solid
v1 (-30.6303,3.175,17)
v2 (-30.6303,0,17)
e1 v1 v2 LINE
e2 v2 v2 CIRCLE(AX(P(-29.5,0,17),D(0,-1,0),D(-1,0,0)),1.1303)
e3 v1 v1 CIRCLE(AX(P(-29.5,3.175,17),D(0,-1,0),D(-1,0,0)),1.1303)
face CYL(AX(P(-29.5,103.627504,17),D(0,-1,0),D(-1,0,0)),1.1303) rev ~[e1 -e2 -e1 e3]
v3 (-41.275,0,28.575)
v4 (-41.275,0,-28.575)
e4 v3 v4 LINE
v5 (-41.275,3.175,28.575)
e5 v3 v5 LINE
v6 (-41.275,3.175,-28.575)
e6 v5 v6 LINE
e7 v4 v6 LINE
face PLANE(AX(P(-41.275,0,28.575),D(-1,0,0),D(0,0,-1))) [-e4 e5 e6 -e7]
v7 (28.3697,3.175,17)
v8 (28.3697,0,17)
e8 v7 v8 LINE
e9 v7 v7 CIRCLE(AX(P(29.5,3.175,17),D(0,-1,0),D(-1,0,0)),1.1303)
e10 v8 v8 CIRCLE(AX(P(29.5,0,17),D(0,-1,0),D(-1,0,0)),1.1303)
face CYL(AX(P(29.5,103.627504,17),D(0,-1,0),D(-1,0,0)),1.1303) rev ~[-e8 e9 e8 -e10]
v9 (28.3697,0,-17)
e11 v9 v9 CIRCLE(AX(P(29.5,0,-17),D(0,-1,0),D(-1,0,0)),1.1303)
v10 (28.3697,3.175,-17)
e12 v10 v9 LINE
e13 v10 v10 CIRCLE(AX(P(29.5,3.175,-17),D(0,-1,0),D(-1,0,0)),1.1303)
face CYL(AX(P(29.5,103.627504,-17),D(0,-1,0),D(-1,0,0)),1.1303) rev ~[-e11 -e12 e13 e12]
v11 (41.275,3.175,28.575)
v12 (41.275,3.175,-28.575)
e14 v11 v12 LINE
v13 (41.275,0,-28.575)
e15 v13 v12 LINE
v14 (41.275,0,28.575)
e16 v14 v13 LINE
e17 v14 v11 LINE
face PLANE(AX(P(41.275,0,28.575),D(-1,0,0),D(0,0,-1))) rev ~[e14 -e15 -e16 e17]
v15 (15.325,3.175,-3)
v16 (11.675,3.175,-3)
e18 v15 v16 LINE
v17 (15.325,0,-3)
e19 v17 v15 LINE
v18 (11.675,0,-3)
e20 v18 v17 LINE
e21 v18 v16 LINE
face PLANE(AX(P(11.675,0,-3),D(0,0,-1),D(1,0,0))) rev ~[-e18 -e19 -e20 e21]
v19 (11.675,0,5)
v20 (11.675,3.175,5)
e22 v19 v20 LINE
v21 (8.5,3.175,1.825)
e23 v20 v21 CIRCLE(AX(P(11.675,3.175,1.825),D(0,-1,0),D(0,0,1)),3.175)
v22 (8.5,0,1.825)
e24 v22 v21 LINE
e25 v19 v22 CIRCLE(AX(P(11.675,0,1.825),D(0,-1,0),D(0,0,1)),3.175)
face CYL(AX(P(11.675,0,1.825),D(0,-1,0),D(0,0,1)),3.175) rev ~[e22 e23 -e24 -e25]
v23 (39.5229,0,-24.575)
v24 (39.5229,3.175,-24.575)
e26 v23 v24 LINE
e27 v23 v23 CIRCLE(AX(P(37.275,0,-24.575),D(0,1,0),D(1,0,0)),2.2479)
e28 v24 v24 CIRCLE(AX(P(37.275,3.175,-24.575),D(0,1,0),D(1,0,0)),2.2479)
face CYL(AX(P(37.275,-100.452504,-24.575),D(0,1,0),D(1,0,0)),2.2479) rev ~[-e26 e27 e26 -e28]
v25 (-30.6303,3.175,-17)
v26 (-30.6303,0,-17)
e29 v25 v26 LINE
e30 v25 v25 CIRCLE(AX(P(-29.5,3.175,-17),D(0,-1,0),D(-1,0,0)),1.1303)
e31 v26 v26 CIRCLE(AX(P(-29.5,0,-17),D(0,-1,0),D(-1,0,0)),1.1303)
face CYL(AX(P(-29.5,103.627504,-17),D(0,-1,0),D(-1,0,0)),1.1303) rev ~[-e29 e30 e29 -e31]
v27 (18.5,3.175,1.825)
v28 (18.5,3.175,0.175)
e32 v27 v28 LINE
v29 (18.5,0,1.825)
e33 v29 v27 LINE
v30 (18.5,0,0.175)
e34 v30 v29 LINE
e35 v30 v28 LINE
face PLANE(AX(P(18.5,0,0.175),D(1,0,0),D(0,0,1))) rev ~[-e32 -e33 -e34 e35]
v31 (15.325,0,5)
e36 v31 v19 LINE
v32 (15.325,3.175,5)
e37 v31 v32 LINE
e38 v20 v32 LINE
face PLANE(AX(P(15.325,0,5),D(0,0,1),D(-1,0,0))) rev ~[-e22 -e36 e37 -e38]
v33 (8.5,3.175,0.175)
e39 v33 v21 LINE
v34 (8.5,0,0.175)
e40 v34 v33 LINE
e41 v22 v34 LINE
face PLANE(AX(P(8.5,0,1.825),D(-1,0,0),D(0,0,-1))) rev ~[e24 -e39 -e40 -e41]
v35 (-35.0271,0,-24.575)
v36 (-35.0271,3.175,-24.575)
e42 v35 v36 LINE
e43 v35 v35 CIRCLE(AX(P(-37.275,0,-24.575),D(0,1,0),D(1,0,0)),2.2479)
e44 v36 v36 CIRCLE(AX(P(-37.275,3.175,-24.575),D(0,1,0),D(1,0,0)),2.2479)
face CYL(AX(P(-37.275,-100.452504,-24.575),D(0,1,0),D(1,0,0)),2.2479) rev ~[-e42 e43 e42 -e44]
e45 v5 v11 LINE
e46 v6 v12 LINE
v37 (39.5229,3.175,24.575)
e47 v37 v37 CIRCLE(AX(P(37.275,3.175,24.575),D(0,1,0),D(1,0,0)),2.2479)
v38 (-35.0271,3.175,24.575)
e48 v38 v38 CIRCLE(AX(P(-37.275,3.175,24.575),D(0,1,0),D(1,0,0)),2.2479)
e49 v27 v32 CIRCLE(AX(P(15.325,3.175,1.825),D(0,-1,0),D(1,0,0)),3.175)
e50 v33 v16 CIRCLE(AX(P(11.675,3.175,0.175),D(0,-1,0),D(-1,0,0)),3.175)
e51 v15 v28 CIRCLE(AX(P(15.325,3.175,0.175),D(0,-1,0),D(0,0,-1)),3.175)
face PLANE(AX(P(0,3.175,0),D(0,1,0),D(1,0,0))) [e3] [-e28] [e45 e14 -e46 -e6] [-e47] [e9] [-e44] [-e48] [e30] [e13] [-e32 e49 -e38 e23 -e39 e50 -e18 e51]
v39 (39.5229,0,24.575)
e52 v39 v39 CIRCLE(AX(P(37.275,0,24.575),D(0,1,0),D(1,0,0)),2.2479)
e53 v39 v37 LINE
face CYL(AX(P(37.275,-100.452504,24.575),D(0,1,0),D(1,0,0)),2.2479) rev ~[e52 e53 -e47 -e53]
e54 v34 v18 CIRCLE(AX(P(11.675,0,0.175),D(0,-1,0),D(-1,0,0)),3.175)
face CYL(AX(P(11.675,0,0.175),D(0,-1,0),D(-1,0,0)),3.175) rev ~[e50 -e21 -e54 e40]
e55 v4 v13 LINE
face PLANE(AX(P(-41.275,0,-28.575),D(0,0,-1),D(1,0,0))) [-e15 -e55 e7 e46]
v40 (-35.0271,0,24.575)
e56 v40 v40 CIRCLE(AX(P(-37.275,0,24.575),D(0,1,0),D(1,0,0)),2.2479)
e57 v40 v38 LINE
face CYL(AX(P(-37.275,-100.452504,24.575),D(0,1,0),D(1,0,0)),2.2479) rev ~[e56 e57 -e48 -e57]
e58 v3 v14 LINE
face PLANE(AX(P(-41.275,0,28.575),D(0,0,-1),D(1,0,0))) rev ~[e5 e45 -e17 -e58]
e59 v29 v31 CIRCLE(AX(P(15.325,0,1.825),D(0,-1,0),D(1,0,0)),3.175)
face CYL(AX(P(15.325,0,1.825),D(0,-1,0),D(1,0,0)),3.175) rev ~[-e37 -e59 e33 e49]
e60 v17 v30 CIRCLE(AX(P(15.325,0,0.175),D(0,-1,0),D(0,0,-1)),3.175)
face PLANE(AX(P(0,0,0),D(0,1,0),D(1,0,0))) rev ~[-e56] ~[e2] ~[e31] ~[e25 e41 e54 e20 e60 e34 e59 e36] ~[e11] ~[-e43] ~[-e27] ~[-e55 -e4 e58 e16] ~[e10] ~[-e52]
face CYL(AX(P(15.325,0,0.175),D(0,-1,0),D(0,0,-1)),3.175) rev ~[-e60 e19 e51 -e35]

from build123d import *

# Parameters (mm, degrees)
SKETCH1_W             = 82.55
SKETCH1_H             = 57.15
BOSS_EXTRUDE1_DEPTH   = 3.175
CUT_EXTRUDE5_DEPTH    = 10
F_8_CLEARANCE_HOLE1_D = 4.4958
F_4_40_TAPPED_HOLE1_D = 2.2606


with BuildPart() as part:
    # Sketch1 → Boss-Extrude1 (new body)
    with BuildSketch(Plane(origin=(0, 0, 0), x_dir=(1, 0, 0), z_dir=(0, 1, 0))):
        Rectangle(SKETCH1_W, SKETCH1_H)
    extrude(amount=BOSS_EXTRUDE1_DEPTH)

    # Sketch2 → Cut-Extrude5 (cut)
    with BuildSketch(Plane.XZ):
        with BuildLine():
            Line((8.5, 1.825), (8.5, 0.175))
            ThreePointArc((8.5, 0.175), (9.42993597, -2.07006403), (11.675, -3))
            Line((11.675, -3), (15.325, -3))
            ThreePointArc((15.325, -3), (17.57006403, -2.07006403), (18.5, 0.175))
            Line((18.5, 0.175), (18.5, 1.825))
            ThreePointArc((18.5, 1.825), (17.57006403, 4.07006403), (15.325, 5))
            Line((15.325, 5), (11.675, 5))
            ThreePointArc((11.675, 5), (9.42993597, 4.07006403), (8.5, 1.825))
        make_face()
    extrude(amount=-CUT_EXTRUDE5_DEPTH, mode=Mode.SUBTRACT)

    # #8 Clearance Hole1 (through all)
    with Locations(Plane(origin=(0, 0, 0), x_dir=(-1, 0, 0), z_dir=(0, -1, 0))):
        with Locations((-37.275, 24.575), (37.275, 24.575), (37.275, -24.575), (-37.275, -24.575)):
            Hole(F_8_CLEARANCE_HOLE1_D / 2)

    # #4-40 Tapped Hole1 (through all)
    with Locations(Plane(origin=(0, 3.175, 0), x_dir=(1, 0, 0), z_dir=(0, 1, 0))):
        with Locations((-29.5, -17), (-29.5, 17), (29.5, 17), (29.5, -17)):
            Hole(F_4_40_TAPPED_HOLE1_D / 2)


solid = part.part
